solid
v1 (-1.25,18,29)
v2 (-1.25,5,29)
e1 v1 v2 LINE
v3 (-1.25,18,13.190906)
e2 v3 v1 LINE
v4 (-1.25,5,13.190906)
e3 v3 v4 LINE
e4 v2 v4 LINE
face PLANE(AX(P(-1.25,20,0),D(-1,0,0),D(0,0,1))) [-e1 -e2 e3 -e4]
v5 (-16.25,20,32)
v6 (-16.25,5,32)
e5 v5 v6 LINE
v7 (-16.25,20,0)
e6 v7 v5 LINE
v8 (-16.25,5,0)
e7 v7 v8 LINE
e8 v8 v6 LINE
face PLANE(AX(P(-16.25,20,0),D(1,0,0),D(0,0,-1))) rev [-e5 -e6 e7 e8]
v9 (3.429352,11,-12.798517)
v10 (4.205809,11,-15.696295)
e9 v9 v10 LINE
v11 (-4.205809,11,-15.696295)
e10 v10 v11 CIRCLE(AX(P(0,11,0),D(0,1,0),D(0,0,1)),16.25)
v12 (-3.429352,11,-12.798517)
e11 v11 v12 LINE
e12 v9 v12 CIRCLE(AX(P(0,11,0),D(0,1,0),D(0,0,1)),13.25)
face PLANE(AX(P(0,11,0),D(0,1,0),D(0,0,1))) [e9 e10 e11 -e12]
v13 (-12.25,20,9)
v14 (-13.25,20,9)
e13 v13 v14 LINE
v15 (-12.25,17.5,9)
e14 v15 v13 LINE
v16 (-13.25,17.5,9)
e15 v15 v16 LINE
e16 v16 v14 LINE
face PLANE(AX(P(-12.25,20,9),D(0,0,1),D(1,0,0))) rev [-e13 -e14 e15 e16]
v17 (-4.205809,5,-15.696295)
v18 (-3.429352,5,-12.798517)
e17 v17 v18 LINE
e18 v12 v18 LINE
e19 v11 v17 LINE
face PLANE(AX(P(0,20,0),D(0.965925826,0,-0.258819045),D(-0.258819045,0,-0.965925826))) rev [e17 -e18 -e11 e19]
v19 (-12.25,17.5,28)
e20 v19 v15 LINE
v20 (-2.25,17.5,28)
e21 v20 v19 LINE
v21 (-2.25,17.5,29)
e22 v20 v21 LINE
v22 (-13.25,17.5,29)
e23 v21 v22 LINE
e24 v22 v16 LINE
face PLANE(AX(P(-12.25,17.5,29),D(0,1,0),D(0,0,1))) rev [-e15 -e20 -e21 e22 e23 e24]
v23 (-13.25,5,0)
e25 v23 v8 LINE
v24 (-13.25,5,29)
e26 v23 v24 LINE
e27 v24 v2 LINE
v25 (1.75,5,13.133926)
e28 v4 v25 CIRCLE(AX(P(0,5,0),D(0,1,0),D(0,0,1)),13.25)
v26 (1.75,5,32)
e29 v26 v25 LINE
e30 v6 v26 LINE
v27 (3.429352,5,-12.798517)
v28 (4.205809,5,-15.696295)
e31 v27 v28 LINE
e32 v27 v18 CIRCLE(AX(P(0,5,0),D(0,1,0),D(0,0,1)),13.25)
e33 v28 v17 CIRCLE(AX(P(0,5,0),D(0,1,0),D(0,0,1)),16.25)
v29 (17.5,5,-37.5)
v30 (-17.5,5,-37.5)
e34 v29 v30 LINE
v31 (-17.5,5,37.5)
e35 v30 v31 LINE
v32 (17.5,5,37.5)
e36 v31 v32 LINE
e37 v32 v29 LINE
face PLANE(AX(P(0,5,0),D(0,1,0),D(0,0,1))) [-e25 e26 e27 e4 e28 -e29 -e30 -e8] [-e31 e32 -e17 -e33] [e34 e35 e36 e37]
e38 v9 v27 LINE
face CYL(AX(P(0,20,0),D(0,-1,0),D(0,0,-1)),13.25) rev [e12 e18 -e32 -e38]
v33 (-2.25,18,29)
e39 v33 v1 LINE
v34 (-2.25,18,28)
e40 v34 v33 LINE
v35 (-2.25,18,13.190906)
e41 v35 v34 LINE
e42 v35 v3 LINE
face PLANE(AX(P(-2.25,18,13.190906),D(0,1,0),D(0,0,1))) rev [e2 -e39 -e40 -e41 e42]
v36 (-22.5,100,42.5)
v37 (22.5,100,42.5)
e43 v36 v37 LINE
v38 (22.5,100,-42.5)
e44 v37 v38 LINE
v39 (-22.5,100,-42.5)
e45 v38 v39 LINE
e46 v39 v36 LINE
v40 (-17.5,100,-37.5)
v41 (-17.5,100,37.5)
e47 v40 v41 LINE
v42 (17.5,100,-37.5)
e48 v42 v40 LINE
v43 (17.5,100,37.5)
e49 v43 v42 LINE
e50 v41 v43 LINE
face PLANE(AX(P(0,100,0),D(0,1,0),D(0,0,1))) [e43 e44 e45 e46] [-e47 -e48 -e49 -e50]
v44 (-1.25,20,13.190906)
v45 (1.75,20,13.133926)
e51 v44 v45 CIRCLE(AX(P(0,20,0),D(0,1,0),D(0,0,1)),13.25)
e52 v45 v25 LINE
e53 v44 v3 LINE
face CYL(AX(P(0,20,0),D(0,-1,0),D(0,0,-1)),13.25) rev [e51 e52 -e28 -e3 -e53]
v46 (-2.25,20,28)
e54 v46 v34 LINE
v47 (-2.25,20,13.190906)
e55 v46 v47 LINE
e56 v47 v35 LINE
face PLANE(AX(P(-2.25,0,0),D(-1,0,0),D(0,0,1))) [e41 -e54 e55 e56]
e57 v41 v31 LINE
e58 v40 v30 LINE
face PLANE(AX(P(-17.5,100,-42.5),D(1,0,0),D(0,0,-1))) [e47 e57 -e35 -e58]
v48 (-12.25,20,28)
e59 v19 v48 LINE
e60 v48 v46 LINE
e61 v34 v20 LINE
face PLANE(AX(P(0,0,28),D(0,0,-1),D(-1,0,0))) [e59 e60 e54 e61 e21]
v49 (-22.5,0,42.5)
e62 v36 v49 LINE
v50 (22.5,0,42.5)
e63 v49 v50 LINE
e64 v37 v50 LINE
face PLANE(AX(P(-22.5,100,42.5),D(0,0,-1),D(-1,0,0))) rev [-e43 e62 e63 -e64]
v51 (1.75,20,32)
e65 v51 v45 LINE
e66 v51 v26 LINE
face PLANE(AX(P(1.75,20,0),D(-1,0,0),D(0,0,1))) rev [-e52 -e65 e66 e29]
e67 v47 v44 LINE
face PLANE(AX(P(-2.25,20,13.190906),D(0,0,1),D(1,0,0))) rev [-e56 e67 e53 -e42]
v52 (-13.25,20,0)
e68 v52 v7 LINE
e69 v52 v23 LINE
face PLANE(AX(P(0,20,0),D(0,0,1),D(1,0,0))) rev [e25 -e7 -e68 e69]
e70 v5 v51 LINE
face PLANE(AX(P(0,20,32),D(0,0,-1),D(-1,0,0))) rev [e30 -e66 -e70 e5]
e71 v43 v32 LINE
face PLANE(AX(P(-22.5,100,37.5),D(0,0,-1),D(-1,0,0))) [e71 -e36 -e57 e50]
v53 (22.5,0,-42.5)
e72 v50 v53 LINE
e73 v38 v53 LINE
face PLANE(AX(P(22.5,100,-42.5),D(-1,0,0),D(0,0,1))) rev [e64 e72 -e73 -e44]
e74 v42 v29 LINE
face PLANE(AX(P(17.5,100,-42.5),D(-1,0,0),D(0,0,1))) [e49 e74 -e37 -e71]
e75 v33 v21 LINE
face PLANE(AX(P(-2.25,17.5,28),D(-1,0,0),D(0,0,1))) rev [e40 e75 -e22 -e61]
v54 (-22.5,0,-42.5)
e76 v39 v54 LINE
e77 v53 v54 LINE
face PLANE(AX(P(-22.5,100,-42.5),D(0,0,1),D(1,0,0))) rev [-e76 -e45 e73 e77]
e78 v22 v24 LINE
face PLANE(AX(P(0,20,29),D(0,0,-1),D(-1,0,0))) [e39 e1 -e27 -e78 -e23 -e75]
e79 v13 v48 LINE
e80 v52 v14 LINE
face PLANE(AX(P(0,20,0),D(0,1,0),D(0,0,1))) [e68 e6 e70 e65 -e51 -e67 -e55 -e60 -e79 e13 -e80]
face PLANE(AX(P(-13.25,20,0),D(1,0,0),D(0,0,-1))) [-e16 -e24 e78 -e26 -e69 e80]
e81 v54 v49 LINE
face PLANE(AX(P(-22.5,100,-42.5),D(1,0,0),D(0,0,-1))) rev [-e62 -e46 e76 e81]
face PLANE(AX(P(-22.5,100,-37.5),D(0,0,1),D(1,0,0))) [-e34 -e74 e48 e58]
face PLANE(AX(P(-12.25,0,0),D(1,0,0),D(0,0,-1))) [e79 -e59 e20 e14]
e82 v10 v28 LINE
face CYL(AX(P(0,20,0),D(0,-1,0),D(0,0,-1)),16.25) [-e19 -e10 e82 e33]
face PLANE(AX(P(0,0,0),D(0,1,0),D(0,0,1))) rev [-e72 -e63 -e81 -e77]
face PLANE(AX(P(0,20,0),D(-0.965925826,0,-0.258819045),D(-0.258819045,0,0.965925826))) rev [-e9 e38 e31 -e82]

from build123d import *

# Parameters (mm, degrees)
SKETCH1_W           = 45
SKETCH1_H           = 85
BOSS_EXTRUDE1_DEPTH = 100
SHELL1_T            = -5
SKETCH2_W           = 3
SKETCH2_H           = 10
BOSS_EXTRUDE2_DEPTH = 15
SKETCH4_W           = 20
SKETCH4_H           = 2.5
BOSS_EXTRUDE3_DEPTH = 1
SKETCH5_W           = 15.809094042
SKETCH5_H           = 2
BOSS_EXTRUDE4_DEPTH = 1
SKETCH6_W           = 10
SKETCH6_H           = 2.5
BOSS_EXTRUDE5_DEPTH = 1
SKETCH9_W           = 10.477527882
SKETCH9_H           = 6.322646136
CUT_EXTRUDE1_DEPTH  = 9


with BuildPart() as part:
    # Sketch1 → Boss-Extrude1 (new body)
    with BuildSketch(Plane(origin=(0, 0, 0), x_dir=(1, 0, 0), z_dir=(0, 1, 0))):
        Rectangle(SKETCH1_W, SKETCH1_H)
    extrude(amount=BOSS_EXTRUDE1_DEPTH)

    # Shell1
    shell1_openings = [part.faces().sort_by_distance(p)[0] for p in [
        (0, 100, 0),
    ]]
    offset(amount=SHELL1_T, openings=shell1_openings, kind=Kind.INTERSECTION)

    # Sketch2 → Boss-Extrude2 (add)
    with BuildSketch(Plane(origin=(0, 5, 0), x_dir=(1, 0, 0), z_dir=(0, 1, 0))):
        with BuildLine():
            Line((-13.25, -29), (-13.25, -24))
            Line((-13.25, -24), (-16.25, -24))
            Line((-16.25, -24), (-16.25, -32))
            Line((-16.25, -32), (1.75, -32))
            Line((1.75, -32), (1.75, -16.155494421))
            ThreePointArc((1.75, -16.155494421), (0.251072202, -16.248060277), (-1.25, -16.201851746))
            Line((-1.25, -16.201851746), (-1.25, -29))
            Line((-1.25, -29), (-13.25, -29))
        make_face()
        with Locations((-14.75, -19)):
            Rectangle(SKETCH2_W, SKETCH2_H)
        with BuildLine():
            Line((-16.25, -14), (-13.25, -14))
            Line((-13.25, -14), (-13.25, -9.407443861))
            ThreePointArc((-13.25, -9.407443861), (-15.481844205, -4.937104415), (-16.25, 0))
            Line((-16.25, 0), (-16.25, -14))
        make_face()
        with BuildLine():
            Line((-4.205809483, 15.696294677), (-3.429352348, 12.798517198))
            ThreePointArc((-3.429352348, 12.798517198), (0, 13.25), (3.429352348, 12.798517198))
            Line((3.429352348, 12.798517198), (4.205809483, 15.696294677))
            ThreePointArc((4.205809483, 15.696294677), (0, 16.25), (-4.205809483, 15.696294677))
        make_face()
        with BuildLine():
            ThreePointArc((-16.25, 0), (-15.481844205, -4.937104415), (-13.25, -9.407443861))
            Line((-13.25, -9.407443861), (-13.25, 0))
            Line((-13.25, 0), (-16.25, 0))
        make_face()
        with BuildLine():
            Line((-1.25, -13.190905958), (-1.25, -16.201851746))
            ThreePointArc((-1.25, -16.201851746), (0.251072202, -16.248060277), (1.75, -16.155494421))
            Line((1.75, -16.155494421), (1.75, -13.133925537))
            ThreePointArc((1.75, -13.133925537), (0.251618147, -13.247610664), (-1.25, -13.190905958))
        make_face()
    extrude(amount=BOSS_EXTRUDE2_DEPTH)

    # Sketch4 → Boss-Extrude3 (add)
    with BuildSketch(Plane(origin=(-13.25, 0, 0), x_dir=(0, 0, -1), z_dir=(1, 0, 0))):
        with Locations((-19, 18.75)):
            Rectangle(SKETCH4_W, SKETCH4_H)
    extrude(amount=BOSS_EXTRUDE3_DEPTH)

    # Sketch5 → Boss-Extrude4 (add)
    with BuildSketch(Plane.ZY.offset(1.25)):
        with Locations((21.095452979, 19)):
            Rectangle(SKETCH5_W, SKETCH5_H)
    extrude(amount=BOSS_EXTRUDE4_DEPTH)

    # Sketch6 → Boss-Extrude5 (add)
    with BuildSketch(Plane(origin=(0, 0, 29), x_dir=(-1, 0, 0), z_dir=(0, 0, -1))):
        with Locations((7.25, 18.75)):
            Rectangle(SKETCH6_W, SKETCH6_H)
    extrude(amount=BOSS_EXTRUDE5_DEPTH)

    # Sketch9 → Cut-Extrude1 (cut)
    with BuildSketch(Plane(origin=(0, 20, 0), x_dir=(1, 0, 0), z_dir=(0, 1, 0))):
        with Locations((0.163497959, 14.216347227)):
            Rectangle(SKETCH9_W, SKETCH9_H)
    extrude(amount=-CUT_EXTRUDE1_DEPTH, mode=Mode.SUBTRACT)


solid = part.part
